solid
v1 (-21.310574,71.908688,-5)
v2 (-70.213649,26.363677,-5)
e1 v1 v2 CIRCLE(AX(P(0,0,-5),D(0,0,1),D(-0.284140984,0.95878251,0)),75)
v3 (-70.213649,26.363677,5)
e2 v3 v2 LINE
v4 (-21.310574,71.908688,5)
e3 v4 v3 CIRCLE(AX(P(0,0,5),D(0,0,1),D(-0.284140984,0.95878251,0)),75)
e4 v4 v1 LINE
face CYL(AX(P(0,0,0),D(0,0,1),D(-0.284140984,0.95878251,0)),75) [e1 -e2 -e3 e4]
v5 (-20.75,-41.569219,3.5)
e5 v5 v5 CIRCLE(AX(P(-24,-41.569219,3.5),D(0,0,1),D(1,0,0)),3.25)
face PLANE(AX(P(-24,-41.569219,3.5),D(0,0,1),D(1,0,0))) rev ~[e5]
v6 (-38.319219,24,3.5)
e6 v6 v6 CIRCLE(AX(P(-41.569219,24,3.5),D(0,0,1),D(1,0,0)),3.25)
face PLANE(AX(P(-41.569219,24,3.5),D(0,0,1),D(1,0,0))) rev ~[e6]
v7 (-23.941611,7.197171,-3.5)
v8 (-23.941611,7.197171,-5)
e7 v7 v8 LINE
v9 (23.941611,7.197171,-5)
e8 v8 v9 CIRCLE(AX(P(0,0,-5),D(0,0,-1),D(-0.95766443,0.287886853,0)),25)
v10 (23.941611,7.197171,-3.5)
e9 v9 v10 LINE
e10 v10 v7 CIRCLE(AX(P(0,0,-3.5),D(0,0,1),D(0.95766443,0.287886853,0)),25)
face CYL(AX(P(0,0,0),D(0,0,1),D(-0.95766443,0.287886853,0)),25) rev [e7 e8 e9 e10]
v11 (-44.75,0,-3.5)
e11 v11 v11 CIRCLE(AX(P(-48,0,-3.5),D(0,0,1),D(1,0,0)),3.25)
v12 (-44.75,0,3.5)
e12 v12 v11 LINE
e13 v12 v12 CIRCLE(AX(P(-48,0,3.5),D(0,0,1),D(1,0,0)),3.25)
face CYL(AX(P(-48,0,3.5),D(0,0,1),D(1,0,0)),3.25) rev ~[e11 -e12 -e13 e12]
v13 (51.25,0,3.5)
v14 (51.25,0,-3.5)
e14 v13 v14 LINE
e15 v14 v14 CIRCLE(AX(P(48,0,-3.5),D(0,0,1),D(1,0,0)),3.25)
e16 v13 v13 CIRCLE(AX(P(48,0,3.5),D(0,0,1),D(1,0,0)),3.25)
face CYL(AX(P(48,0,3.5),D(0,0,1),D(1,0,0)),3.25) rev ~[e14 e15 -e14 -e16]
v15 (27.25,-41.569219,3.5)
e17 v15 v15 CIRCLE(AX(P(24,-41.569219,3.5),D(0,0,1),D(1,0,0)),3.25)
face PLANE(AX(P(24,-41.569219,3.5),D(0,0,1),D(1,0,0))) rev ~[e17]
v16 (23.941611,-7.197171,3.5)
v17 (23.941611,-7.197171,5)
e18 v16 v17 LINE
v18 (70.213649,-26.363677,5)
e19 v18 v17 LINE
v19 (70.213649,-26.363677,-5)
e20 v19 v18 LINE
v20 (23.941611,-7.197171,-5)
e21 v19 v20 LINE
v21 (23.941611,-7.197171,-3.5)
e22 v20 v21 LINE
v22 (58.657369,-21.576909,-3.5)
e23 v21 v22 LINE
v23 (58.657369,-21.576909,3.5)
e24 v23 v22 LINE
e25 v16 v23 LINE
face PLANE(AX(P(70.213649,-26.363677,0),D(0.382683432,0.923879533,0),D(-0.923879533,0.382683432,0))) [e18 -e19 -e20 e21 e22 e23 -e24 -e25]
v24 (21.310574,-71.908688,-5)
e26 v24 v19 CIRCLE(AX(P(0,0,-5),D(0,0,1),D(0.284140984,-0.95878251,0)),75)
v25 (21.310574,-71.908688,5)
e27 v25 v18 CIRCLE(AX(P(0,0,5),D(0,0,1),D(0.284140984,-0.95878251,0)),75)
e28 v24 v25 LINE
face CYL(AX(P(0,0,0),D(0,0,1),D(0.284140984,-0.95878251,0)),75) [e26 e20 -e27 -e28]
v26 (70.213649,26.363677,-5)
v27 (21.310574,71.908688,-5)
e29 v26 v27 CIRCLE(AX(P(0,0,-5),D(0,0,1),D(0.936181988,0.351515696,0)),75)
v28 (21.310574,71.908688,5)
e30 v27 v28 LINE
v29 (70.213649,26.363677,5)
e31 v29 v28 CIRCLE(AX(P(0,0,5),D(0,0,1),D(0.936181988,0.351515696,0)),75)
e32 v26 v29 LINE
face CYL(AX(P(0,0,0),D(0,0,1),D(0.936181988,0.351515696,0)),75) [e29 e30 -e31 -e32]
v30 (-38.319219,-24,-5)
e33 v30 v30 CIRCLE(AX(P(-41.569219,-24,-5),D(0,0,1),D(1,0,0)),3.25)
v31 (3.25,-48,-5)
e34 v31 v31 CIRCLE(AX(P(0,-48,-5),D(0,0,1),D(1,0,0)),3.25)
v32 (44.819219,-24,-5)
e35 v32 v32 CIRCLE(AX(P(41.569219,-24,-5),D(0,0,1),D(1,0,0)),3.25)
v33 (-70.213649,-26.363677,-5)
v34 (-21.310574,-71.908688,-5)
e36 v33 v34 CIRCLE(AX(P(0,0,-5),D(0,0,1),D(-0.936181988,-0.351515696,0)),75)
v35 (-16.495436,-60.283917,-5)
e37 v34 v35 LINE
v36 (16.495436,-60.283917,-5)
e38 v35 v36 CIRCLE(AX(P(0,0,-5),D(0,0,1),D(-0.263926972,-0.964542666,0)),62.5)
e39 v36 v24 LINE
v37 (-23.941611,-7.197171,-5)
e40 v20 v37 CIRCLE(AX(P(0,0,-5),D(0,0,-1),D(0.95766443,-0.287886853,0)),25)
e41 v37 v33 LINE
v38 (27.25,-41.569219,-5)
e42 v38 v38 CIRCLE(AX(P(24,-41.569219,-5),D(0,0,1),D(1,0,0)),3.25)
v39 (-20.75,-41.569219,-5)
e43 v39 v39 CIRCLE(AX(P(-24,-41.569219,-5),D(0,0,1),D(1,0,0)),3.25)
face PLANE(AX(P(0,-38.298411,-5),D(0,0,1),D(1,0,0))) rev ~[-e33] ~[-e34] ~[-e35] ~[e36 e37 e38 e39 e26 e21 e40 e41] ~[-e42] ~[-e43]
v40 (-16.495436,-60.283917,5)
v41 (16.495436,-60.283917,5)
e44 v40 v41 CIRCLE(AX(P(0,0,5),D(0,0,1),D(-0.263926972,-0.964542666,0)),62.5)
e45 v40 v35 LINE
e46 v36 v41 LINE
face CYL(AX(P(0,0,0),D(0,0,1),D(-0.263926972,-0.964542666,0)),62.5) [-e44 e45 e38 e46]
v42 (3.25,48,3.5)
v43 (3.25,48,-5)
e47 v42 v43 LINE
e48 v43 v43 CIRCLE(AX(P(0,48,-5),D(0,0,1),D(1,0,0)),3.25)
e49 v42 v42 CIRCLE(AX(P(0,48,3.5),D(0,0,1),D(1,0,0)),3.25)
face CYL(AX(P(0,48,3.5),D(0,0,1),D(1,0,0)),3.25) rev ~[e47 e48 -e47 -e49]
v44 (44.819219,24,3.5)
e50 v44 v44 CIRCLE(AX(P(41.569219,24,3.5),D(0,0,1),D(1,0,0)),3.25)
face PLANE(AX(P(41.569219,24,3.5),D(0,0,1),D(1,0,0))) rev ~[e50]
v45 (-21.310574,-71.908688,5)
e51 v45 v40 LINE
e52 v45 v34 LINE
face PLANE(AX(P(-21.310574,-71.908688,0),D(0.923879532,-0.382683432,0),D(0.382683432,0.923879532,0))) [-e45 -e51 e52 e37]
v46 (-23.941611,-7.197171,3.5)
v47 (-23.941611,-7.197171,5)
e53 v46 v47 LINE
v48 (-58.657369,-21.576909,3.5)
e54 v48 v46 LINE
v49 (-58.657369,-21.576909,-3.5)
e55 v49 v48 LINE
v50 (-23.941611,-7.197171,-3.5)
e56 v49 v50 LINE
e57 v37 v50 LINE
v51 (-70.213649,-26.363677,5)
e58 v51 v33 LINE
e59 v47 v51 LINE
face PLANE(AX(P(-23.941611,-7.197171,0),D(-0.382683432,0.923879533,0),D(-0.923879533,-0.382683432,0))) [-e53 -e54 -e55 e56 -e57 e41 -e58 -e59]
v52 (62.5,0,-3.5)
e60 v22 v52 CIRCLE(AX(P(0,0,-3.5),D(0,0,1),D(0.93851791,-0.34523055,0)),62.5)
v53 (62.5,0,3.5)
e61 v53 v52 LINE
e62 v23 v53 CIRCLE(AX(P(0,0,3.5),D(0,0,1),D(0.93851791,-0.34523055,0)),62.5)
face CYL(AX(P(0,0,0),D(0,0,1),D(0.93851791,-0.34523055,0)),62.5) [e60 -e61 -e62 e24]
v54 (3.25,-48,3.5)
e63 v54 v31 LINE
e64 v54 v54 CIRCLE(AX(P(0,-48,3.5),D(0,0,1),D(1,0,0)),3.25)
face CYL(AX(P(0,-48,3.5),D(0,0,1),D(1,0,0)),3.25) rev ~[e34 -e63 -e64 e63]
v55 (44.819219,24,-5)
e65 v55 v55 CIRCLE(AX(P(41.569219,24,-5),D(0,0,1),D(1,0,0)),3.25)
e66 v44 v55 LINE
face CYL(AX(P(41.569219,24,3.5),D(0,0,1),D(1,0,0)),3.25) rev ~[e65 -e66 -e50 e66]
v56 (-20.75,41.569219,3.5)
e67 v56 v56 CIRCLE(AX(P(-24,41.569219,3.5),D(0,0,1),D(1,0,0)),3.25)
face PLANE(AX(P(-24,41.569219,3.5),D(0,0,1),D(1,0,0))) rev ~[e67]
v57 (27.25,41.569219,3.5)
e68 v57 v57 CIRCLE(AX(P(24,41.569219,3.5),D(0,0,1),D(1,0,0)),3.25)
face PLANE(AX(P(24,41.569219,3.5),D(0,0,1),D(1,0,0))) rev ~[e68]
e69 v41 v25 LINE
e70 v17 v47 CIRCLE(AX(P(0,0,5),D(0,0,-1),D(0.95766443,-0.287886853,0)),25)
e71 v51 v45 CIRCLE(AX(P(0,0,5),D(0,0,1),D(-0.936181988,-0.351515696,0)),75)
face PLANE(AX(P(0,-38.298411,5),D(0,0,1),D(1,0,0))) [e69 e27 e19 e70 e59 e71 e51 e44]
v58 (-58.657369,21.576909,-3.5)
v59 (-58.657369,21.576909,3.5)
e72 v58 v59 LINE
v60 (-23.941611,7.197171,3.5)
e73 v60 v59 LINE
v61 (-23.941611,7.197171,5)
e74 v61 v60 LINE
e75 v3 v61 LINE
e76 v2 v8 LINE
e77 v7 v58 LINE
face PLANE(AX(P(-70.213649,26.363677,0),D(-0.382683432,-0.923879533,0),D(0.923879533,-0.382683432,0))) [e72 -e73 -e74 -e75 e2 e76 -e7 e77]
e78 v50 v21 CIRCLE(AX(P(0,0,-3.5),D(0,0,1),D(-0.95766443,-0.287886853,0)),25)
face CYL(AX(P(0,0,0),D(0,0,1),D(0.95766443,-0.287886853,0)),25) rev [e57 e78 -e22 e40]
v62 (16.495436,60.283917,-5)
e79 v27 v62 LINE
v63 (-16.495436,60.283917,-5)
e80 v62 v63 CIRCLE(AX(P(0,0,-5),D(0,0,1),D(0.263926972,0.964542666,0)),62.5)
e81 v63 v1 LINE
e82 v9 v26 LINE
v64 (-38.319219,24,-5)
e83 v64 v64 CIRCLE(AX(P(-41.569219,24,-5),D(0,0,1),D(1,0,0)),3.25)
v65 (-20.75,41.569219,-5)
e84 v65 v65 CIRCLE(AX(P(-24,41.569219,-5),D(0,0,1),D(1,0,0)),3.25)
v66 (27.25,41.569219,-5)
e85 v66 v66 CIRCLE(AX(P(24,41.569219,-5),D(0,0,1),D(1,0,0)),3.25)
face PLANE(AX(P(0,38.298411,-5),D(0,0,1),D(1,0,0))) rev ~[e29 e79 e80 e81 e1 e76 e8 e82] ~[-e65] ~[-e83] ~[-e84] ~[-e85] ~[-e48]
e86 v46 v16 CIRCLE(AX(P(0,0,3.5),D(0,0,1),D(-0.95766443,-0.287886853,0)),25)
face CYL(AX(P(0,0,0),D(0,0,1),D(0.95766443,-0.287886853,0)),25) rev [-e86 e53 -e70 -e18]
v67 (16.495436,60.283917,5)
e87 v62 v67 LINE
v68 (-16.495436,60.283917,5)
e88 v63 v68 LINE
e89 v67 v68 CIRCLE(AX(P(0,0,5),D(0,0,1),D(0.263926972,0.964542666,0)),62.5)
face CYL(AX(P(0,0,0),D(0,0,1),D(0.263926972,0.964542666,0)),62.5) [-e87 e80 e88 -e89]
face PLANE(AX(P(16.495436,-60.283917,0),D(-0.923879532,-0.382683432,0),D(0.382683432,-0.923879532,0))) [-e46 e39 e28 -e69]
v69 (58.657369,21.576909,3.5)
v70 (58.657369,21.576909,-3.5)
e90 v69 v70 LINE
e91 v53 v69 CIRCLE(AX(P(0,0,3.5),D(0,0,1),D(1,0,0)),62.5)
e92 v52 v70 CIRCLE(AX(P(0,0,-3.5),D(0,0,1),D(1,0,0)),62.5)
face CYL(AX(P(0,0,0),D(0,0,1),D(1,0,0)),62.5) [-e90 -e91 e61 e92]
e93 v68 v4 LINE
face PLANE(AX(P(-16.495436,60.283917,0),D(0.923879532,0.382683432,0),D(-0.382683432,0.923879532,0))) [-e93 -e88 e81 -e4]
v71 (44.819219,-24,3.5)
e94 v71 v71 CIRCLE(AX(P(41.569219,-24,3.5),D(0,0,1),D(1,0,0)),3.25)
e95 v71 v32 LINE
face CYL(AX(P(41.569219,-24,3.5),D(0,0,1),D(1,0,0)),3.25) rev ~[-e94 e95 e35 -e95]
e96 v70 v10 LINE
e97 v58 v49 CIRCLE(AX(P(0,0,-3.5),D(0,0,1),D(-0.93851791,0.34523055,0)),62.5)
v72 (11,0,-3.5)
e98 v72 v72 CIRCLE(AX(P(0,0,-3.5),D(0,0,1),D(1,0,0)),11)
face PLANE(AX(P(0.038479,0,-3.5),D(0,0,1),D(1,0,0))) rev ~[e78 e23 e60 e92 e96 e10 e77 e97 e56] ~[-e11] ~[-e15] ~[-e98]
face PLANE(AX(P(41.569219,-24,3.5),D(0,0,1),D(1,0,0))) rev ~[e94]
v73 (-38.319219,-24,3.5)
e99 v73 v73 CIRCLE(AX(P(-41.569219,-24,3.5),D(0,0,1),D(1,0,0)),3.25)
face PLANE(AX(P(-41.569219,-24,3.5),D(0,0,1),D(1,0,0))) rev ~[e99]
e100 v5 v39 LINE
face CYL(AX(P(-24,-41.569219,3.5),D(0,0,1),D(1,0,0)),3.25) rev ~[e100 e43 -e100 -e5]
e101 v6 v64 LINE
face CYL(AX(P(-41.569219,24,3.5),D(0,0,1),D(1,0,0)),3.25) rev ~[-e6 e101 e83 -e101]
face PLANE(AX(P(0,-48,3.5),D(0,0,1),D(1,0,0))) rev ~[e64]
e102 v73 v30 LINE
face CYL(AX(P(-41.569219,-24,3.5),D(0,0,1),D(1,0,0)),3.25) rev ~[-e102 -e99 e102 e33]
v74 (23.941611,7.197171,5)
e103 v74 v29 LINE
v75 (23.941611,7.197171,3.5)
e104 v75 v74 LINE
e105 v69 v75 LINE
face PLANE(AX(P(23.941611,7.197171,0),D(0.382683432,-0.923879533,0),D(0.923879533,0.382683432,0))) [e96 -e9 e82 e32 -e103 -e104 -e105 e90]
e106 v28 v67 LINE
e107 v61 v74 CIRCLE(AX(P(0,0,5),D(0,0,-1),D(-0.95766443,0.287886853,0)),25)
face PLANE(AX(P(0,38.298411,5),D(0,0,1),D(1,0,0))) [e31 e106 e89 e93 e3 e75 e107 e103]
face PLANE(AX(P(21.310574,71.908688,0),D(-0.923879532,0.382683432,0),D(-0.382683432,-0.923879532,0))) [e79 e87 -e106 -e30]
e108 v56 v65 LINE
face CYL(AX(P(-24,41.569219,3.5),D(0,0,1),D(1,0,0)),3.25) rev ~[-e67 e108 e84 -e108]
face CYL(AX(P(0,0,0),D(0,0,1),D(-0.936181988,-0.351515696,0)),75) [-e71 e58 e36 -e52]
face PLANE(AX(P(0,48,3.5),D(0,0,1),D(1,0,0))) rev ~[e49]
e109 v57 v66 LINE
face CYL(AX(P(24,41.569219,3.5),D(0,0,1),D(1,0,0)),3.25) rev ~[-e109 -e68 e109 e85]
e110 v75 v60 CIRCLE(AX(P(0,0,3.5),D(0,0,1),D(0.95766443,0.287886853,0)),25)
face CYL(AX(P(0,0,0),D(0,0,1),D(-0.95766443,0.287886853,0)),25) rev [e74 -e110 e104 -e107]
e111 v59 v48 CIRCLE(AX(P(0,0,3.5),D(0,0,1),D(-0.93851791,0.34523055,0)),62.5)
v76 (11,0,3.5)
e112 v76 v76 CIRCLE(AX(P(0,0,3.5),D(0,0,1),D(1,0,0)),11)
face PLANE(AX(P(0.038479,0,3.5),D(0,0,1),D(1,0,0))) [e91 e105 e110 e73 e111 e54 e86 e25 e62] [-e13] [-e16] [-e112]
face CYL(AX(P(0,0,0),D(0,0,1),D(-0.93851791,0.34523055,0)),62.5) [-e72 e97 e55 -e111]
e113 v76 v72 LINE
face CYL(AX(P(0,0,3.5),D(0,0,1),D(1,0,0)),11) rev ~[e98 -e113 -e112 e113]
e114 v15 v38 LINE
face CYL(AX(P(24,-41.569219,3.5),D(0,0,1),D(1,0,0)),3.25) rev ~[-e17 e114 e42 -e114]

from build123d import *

# Parameters (mm, degrees)
BOSS_EXTRUDE4_DEPTH   = 5
BOSS_EXTRUDE4_2_DEPTH = 5
BOSS_EXTRUDE5_DEPTH   = 3.5
SKETCH2_R             = 11
CUT_EXTRUDE3_DEPTH    = 10
SKETCH2_4_R           = 11
SKETCH2_4_R_2         = 3.25
CUT_EXTRUDE4_DEPTH    = 25


with BuildPart() as part:
    # Sketch1 → Boss-Extrude4 (new, symmetric)
    with BuildSketch(Plane.XY):
        with BuildLine():
            ThreePointArc((-23.941610741, 7.197171327), (0, 25), (23.941610741, 7.197171327))
            Line((23.941610741, 7.197171327), (70.213649137, 26.363677189))
            ThreePointArc((70.213649137, 26.363677189), (51.115143098, 54.883896965), (21.3105738, 71.908688239))
            Line((21.3105738, 71.908688239), (16.495435726, 60.283916597))
            ThreePointArc((16.495435726, 60.283916597), (0, 62.5), (-16.495435726, 60.283916597))
            Line((-16.495435726, 60.283916597), (-21.3105738, 71.908688239))
            ThreePointArc((-21.3105738, 71.908688239), (-51.115143098, 54.883896965), (-70.213649137, 26.363677189))
            Line((-70.213649137, 26.363677189), (-23.941610741, 7.197171327))
        make_face()
    extrude(amount=BOSS_EXTRUDE4_DEPTH, both=True)



with BuildPart() as body_2:
    # Sketch1 → Boss-Extrude4 2 (new, symmetric)
    with BuildSketch(Plane.XY):
        with BuildLine():
            ThreePointArc((-16.495435726, -60.283916597), (0, -62.5), (16.495435726, -60.283916597))
            Line((16.495435726, -60.283916597), (21.3105738, -71.908688239))
            ThreePointArc((21.3105738, -71.908688239), (51.115143098, -54.883896965), (70.213649137, -26.363677189))
            Line((70.213649137, -26.363677189), (23.941610741, -7.197171327))
            ThreePointArc((23.941610741, -7.197171327), (0, -25), (-23.941610741, -7.197171327))
            Line((-23.941610741, -7.197171327), (-70.213649137, -26.363677189))
            ThreePointArc((-70.213649137, -26.363677189), (-51.115143098, -54.883896965), (-21.3105738, -71.908688239))
            Line((-21.3105738, -71.908688239), (-16.495435726, -60.283916597))
        make_face()
    extrude(amount=BOSS_EXTRUDE4_2_DEPTH, both=True)


with BuildPart() as part_1:
    add(part.part)

    add(body_2.part)  # Boss-Extrude5 merges body 2
    # Sketch1<3> → Boss-Extrude5 (add, symmetric)
    with BuildSketch(Plane.XY):
        with BuildLine():
            Line((58.657369372, 21.57690938), (23.941610741, 7.197171327))
            ThreePointArc((23.941610741, 7.197171327), (0, 25), (-23.941610741, 7.197171327))
            Line((-23.941610741, 7.197171327), (-58.657369372, 21.57690938))
            ThreePointArc((-58.657369372, 21.57690938), (-62.5, 0), (-58.657369372, -21.57690938))
            Line((-58.657369372, -21.57690938), (-23.941610741, -7.197171327))
            ThreePointArc((-23.941610741, -7.197171327), (0, -25), (23.941610741, -7.197171327))
            Line((23.941610741, -7.197171327), (58.657369372, -21.57690938))
            ThreePointArc((58.657369372, -21.57690938), (61.53184373, -10.958202733), (62.5, 0))
            ThreePointArc((62.5, 0), (61.53184373, 10.958202733), (58.657369372, 21.57690938))
        make_face()
    extrude(amount=BOSS_EXTRUDE5_DEPTH, both=True)

    # Sketch2 → Cut-Extrude3 (cut)
    with BuildSketch(Plane.XY.offset(3.5)):
        Circle(SKETCH2_R)
    extrude(amount=-CUT_EXTRUDE3_DEPTH, mode=Mode.SUBTRACT)

    # Sketch2<4> → Cut-Extrude4 (cut)
    with BuildSketch(Plane.XY.offset(3.5)):
        Circle(SKETCH2_4_R)
        with Locations((48, 0)):
            Circle(SKETCH2_4_R_2)
        with Locations((41.569219382, -24)):
            Circle(SKETCH2_4_R_2)
        with Locations((24, -41.569219382)):
            Circle(SKETCH2_4_R_2)
        with Locations((0, -48)):
            Circle(SKETCH2_4_R_2)
        with Locations((-24, -41.569219382)):
            Circle(SKETCH2_4_R_2)
        with Locations((-41.569219382, -24)):
            Circle(SKETCH2_4_R_2)
        with Locations((-48, 0)):
            Circle(SKETCH2_4_R_2)
        with Locations((-41.569219382, 24)):
            Circle(SKETCH2_4_R_2)
        with Locations((-24, 41.569219382)):
            Circle(SKETCH2_4_R_2)
        with Locations((0, 48)):
            Circle(SKETCH2_4_R_2)
        with Locations((24, 41.569219382)):
            Circle(SKETCH2_4_R_2)
        with Locations((41.569219382, 24)):
            Circle(SKETCH2_4_R_2)
    extrude(amount=-CUT_EXTRUDE4_DEPTH, mode=Mode.SUBTRACT)


solid = part_1.part
